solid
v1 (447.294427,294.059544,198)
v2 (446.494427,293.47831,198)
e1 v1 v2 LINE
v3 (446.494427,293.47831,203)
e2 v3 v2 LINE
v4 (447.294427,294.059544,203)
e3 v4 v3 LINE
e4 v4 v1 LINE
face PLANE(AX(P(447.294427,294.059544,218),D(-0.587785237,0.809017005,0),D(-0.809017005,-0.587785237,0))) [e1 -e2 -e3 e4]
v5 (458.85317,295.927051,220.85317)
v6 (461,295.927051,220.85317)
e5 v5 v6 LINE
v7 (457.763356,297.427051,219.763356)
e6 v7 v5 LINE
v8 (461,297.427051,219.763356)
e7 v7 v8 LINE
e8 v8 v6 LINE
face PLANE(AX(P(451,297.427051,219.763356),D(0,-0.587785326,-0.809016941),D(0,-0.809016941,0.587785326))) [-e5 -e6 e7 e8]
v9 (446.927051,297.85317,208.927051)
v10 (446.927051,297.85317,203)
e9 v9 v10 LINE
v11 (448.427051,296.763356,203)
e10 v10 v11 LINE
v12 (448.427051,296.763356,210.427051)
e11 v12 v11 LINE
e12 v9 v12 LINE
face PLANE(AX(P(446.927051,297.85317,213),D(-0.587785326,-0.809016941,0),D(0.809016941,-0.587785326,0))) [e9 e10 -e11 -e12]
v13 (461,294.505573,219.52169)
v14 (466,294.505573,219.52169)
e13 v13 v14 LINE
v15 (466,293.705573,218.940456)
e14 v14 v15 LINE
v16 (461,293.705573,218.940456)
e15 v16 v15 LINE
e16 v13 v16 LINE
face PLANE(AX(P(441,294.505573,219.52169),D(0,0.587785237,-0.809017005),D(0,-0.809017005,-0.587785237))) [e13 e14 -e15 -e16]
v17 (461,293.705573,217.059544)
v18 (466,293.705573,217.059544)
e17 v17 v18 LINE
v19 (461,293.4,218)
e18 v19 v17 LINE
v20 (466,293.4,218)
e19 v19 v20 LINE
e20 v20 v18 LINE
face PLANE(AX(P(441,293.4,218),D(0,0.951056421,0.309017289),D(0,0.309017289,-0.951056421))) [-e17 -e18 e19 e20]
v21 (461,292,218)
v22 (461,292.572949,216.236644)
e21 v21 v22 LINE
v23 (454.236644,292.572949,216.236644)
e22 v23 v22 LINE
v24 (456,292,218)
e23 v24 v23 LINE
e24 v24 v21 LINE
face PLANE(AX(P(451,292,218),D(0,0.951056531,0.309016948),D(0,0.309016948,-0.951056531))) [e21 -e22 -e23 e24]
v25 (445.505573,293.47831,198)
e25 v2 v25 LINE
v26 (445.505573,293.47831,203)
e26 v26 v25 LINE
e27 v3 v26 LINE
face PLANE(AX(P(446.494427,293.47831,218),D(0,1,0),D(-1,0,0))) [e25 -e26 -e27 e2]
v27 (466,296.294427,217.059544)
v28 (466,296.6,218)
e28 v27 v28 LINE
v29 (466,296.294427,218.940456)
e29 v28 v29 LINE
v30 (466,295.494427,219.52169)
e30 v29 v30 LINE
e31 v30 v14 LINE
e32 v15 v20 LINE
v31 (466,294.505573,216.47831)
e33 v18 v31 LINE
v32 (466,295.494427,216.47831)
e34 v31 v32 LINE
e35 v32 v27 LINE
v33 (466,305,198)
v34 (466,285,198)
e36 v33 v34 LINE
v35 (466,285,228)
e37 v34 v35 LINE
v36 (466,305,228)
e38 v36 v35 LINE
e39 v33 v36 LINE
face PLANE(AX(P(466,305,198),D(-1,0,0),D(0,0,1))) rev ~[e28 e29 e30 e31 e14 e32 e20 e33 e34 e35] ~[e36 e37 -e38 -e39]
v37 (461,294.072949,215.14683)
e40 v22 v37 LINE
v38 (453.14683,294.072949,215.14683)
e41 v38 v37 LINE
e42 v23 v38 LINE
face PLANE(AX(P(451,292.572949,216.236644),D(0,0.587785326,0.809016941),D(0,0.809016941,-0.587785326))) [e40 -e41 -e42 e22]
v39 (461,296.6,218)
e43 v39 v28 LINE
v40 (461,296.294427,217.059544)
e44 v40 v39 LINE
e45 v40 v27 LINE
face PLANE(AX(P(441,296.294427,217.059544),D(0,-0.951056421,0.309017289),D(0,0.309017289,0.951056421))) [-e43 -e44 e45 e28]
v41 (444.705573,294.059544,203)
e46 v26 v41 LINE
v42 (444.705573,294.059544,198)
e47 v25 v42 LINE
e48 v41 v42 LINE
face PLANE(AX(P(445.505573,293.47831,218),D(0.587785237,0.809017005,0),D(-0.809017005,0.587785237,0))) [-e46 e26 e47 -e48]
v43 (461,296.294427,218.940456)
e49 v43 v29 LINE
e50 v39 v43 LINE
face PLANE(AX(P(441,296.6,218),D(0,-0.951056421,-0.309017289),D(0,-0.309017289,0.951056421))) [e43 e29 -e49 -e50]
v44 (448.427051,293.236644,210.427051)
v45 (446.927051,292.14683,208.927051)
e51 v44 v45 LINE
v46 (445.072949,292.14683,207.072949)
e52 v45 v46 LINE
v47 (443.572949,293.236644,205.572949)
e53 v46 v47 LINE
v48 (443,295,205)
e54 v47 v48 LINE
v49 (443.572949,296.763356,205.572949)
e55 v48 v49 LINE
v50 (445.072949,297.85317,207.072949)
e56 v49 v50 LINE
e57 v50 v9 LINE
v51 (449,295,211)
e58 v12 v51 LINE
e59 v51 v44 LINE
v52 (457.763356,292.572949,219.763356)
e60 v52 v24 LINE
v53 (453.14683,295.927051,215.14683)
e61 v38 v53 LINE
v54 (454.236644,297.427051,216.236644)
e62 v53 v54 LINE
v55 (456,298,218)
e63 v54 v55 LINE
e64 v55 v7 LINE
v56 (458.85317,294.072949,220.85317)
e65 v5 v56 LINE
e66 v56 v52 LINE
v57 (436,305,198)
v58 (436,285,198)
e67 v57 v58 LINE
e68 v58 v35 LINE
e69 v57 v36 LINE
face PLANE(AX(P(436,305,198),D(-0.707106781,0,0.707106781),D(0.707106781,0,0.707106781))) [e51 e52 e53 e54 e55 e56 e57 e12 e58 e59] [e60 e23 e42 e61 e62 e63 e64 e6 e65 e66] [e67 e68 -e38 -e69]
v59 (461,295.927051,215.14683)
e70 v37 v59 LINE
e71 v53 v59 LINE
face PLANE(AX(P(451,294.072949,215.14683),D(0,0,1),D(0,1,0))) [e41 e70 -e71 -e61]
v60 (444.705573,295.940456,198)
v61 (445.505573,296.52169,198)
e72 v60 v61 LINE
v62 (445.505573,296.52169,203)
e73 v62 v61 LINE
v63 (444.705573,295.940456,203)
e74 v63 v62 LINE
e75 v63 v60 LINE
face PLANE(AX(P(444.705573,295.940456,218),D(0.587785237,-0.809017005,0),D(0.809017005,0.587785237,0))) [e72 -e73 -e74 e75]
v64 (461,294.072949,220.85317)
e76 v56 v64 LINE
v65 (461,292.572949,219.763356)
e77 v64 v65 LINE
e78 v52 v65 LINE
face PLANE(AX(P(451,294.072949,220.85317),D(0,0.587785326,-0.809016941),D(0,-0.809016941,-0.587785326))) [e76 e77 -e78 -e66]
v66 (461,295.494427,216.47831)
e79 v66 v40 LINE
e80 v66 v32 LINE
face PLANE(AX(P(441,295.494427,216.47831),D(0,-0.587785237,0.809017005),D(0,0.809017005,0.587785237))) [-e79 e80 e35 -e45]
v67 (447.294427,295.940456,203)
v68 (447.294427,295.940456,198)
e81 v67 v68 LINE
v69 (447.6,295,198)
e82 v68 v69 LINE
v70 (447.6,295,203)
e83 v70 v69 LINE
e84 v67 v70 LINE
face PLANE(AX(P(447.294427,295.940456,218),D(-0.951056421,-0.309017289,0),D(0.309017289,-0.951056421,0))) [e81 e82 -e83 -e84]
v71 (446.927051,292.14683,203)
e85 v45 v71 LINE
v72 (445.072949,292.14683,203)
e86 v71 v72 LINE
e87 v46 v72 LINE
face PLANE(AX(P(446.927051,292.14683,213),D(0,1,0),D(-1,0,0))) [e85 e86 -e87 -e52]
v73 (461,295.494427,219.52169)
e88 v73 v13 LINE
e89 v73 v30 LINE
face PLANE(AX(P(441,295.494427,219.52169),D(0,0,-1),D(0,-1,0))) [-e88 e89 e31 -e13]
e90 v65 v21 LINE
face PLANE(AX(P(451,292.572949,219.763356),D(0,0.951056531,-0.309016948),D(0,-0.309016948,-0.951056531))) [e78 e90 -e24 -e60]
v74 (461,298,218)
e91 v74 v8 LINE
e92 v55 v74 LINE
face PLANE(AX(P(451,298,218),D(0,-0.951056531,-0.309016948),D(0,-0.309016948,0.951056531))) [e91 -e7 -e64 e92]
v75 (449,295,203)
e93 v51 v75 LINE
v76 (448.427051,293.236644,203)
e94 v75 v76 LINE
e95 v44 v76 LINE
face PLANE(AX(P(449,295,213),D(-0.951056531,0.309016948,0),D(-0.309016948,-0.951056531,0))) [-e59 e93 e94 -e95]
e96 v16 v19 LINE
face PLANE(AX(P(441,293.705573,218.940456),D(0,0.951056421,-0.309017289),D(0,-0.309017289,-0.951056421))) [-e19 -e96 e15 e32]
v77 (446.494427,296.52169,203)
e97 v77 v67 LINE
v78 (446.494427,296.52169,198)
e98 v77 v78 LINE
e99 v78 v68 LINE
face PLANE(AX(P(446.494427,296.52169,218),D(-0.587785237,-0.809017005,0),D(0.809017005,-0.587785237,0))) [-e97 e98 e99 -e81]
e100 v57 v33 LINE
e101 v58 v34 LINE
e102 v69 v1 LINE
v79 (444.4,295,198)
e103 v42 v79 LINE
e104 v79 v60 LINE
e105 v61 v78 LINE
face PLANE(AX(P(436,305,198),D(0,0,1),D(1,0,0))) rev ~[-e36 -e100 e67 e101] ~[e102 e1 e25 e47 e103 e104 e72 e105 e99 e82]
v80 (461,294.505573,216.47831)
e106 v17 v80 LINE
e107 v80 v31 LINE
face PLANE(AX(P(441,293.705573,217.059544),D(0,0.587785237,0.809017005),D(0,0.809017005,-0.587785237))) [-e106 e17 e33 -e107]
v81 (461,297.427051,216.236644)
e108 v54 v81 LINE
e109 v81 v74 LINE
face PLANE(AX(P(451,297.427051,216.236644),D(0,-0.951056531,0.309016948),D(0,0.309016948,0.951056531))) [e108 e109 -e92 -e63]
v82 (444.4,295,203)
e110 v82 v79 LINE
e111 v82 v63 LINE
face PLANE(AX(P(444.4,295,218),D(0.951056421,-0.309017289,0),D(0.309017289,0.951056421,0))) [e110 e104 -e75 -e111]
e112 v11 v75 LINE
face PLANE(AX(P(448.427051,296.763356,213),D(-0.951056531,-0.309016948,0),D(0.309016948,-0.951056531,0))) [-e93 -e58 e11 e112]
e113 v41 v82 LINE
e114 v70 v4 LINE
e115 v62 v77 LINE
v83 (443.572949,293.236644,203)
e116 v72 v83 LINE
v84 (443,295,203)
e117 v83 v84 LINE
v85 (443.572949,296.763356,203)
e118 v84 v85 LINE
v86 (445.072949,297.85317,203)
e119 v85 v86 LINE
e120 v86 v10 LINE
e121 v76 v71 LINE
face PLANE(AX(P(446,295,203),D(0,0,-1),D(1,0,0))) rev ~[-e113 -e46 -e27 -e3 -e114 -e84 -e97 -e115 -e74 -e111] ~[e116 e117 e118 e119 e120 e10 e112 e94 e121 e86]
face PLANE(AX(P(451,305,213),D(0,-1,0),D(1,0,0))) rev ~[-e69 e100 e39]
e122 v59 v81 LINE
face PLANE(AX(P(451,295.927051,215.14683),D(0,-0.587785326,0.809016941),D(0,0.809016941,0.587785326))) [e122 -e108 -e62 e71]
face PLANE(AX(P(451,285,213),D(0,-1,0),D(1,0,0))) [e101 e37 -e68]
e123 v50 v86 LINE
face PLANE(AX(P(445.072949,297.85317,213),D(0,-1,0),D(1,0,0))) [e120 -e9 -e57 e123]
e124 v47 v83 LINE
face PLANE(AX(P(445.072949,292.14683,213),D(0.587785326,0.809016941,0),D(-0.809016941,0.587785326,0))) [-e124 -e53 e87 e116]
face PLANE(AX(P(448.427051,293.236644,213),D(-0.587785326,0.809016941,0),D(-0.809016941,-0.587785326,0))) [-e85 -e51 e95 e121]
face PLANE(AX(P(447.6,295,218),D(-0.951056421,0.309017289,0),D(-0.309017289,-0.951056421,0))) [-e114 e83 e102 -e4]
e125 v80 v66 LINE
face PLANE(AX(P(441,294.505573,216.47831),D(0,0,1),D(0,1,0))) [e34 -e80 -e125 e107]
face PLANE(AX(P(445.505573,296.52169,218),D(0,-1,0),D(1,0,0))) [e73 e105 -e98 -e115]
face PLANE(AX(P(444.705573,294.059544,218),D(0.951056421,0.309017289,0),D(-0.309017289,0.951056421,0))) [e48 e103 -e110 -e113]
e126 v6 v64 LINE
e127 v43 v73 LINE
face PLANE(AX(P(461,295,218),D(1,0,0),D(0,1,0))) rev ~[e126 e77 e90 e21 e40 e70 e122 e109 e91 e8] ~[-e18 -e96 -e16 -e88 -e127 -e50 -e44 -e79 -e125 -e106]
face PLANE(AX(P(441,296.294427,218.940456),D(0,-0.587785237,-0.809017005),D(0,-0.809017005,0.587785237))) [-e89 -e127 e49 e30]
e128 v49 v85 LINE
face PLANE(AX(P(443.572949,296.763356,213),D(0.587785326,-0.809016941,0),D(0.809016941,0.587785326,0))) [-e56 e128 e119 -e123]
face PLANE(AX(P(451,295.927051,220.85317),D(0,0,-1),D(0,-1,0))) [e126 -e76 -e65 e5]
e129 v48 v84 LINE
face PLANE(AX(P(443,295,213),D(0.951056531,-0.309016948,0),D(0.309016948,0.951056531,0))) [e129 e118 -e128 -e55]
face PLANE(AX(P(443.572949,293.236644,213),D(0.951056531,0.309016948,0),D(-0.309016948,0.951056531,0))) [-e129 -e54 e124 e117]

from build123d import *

# Parameters (mm, degrees)
PRISM082_DEPTH           = 30
PRISM082_PITCH_ANGLE     = 90
PRISM083_DEPTH           = 10
PRISM083_PITCH_ANGLE     = 90
PRISM084_DEPTH           = 30
PRISM084_ROLL_ANGLE      = 90
PRISM085_DEPTH           = 10
PRISM085_ROLL_ANGLE      = 90
CUBE086_W                = 60
CUBE086_H                = 30
CUBE086_DEPTH            = 20
CUBE086_PLACEMENT_ANGLE  = 45
CUBE085_W                = 30
CUBE085_H                = 30
CUBE085_DEPTH            = 20
DIFFERENCE052_ROLL_ANGLE = 90


with BuildPart() as prism082:
    # prism082 → prism082 (new body)
    with BuildSketch(Plane.XY):
        Polygon((1.6, 0), (1.294427, 0.940456), (0.494427, 1.52169), (-0.494427, 1.52169), (-1.294427, 0.940456), (-1.6, 0), (-1.294427, -0.940456), (-0.494427, -1.52169), (0.494427, -1.52169), (1.294427, -0.940456), align=None)
    extrude(amount=PRISM082_DEPTH)


with BuildPart() as prism082_1:
    # prism082 pitch: moved
    add(prism082.part.rotate(Axis((0, 0, 0), (0, 1, 0)), PRISM082_PITCH_ANGLE))


with BuildPart() as prism082_2:
    # prism082 placement: moved
    add(prism082_1.part.moved(Location((5, 20, 10))))


with BuildPart() as prism083:
    # prism083 → prism083 (new body)
    with BuildSketch(Plane.XY):
        Polygon((3, 0), (2.427051, 1.763356), (0.927051, 2.85317), (-0.927051, 2.85317), (-2.427051, 1.763356), (-3, 0), (-2.427051, -1.763356), (-0.927051, -2.85317), (0.927051, -2.85317), (2.427051, -1.763356), align=None)
    extrude(amount=PRISM083_DEPTH)


with BuildPart() as prism083_1:
    # prism083 pitch: moved
    add(prism083.part.rotate(Axis((0, 0, 0), (0, 1, 0)), PRISM083_PITCH_ANGLE))


with BuildPart() as prism083_2:
    # prism083 placement: moved
    add(prism083_1.part.moved(Location((15, 20, 10))))


with BuildPart() as prism084:
    # prism084 → prism084 (new body)
    with BuildSketch(Plane.XY):
        Polygon((1.6, 0), (1.294427, 0.940456), (0.494427, 1.52169), (-0.494427, 1.52169), (-1.294427, 0.940456), (-1.6, 0), (-1.294427, -0.940456), (-0.494427, -1.52169), (0.494427, -1.52169), (1.294427, -0.940456), align=None)
    extrude(amount=PRISM084_DEPTH)


with BuildPart() as prism084_1:
    # prism084 roll: moved
    add(prism084.part.rotate(Axis((0, 0, 0), (1, 0, 0)), PRISM084_ROLL_ANGLE))


with BuildPart() as prism084_2:
    # prism084 placement: moved
    add(prism084_1.part.moved(Location((10, 20, 10))))


with BuildPart() as prism085:
    # prism085 → prism085 (new body)
    with BuildSketch(Plane.XY):
        Polygon((3, 0), (2.427051, 1.763356), (0.927051, 2.85317), (-0.927051, 2.85317), (-2.427051, 1.763356), (-3, 0), (-2.427051, -1.763356), (-0.927051, -2.85317), (0.927051, -2.85317), (2.427051, -1.763356), align=None)
    extrude(amount=PRISM085_DEPTH)


with BuildPart() as prism085_1:
    # prism085 roll: moved
    add(prism085.part.rotate(Axis((0, 0, 0), (1, 0, 0)), PRISM085_ROLL_ANGLE))


with BuildPart() as prism085_2:
    # prism085 placement: moved
    add(prism085_1.part.moved(Location((10, 15, 10))))


with BuildPart() as union041:
    # cube086 → cube086 (new body)
    with BuildSketch(Plane.XY):
        with Locations((30, 15)):
            Rectangle(CUBE086_W, CUBE086_H)
    extrude(amount=CUBE086_DEPTH)


with BuildPart() as union041_1:
    # cube086 placement: moved
    add(union041.part.rotate(Axis((0, 0, 0), (0, 0, 1)), CUBE086_PLACEMENT_ANGLE))

    # union041: union prism082, prism083, prism084, prism085
    add(prism082_2.part)
    add(prism083_2.part)
    add(prism084_2.part)
    add(prism085_2.part)


with BuildPart() as difference052:
    # cube085 → cube085 (new body)
    with BuildSketch(Plane.XY):
        with Locations((15, 15)):
            Rectangle(CUBE085_W, CUBE085_H)
    extrude(amount=CUBE085_DEPTH)

    # difference052: cut union041
    add(union041_1.part, mode=Mode.SUBTRACT)


with BuildPart() as difference052_1:
    # difference052 roll: moved
    add(difference052.part.rotate(Axis((0, 0, 0), (1, 0, 0)), DIFFERENCE052_ROLL_ANGLE))


with BuildPart() as difference052_2:
    # difference052 placement: moved
    add(difference052_1.part.moved(Location((436, 305, 198))))


solid = difference052_2.part
